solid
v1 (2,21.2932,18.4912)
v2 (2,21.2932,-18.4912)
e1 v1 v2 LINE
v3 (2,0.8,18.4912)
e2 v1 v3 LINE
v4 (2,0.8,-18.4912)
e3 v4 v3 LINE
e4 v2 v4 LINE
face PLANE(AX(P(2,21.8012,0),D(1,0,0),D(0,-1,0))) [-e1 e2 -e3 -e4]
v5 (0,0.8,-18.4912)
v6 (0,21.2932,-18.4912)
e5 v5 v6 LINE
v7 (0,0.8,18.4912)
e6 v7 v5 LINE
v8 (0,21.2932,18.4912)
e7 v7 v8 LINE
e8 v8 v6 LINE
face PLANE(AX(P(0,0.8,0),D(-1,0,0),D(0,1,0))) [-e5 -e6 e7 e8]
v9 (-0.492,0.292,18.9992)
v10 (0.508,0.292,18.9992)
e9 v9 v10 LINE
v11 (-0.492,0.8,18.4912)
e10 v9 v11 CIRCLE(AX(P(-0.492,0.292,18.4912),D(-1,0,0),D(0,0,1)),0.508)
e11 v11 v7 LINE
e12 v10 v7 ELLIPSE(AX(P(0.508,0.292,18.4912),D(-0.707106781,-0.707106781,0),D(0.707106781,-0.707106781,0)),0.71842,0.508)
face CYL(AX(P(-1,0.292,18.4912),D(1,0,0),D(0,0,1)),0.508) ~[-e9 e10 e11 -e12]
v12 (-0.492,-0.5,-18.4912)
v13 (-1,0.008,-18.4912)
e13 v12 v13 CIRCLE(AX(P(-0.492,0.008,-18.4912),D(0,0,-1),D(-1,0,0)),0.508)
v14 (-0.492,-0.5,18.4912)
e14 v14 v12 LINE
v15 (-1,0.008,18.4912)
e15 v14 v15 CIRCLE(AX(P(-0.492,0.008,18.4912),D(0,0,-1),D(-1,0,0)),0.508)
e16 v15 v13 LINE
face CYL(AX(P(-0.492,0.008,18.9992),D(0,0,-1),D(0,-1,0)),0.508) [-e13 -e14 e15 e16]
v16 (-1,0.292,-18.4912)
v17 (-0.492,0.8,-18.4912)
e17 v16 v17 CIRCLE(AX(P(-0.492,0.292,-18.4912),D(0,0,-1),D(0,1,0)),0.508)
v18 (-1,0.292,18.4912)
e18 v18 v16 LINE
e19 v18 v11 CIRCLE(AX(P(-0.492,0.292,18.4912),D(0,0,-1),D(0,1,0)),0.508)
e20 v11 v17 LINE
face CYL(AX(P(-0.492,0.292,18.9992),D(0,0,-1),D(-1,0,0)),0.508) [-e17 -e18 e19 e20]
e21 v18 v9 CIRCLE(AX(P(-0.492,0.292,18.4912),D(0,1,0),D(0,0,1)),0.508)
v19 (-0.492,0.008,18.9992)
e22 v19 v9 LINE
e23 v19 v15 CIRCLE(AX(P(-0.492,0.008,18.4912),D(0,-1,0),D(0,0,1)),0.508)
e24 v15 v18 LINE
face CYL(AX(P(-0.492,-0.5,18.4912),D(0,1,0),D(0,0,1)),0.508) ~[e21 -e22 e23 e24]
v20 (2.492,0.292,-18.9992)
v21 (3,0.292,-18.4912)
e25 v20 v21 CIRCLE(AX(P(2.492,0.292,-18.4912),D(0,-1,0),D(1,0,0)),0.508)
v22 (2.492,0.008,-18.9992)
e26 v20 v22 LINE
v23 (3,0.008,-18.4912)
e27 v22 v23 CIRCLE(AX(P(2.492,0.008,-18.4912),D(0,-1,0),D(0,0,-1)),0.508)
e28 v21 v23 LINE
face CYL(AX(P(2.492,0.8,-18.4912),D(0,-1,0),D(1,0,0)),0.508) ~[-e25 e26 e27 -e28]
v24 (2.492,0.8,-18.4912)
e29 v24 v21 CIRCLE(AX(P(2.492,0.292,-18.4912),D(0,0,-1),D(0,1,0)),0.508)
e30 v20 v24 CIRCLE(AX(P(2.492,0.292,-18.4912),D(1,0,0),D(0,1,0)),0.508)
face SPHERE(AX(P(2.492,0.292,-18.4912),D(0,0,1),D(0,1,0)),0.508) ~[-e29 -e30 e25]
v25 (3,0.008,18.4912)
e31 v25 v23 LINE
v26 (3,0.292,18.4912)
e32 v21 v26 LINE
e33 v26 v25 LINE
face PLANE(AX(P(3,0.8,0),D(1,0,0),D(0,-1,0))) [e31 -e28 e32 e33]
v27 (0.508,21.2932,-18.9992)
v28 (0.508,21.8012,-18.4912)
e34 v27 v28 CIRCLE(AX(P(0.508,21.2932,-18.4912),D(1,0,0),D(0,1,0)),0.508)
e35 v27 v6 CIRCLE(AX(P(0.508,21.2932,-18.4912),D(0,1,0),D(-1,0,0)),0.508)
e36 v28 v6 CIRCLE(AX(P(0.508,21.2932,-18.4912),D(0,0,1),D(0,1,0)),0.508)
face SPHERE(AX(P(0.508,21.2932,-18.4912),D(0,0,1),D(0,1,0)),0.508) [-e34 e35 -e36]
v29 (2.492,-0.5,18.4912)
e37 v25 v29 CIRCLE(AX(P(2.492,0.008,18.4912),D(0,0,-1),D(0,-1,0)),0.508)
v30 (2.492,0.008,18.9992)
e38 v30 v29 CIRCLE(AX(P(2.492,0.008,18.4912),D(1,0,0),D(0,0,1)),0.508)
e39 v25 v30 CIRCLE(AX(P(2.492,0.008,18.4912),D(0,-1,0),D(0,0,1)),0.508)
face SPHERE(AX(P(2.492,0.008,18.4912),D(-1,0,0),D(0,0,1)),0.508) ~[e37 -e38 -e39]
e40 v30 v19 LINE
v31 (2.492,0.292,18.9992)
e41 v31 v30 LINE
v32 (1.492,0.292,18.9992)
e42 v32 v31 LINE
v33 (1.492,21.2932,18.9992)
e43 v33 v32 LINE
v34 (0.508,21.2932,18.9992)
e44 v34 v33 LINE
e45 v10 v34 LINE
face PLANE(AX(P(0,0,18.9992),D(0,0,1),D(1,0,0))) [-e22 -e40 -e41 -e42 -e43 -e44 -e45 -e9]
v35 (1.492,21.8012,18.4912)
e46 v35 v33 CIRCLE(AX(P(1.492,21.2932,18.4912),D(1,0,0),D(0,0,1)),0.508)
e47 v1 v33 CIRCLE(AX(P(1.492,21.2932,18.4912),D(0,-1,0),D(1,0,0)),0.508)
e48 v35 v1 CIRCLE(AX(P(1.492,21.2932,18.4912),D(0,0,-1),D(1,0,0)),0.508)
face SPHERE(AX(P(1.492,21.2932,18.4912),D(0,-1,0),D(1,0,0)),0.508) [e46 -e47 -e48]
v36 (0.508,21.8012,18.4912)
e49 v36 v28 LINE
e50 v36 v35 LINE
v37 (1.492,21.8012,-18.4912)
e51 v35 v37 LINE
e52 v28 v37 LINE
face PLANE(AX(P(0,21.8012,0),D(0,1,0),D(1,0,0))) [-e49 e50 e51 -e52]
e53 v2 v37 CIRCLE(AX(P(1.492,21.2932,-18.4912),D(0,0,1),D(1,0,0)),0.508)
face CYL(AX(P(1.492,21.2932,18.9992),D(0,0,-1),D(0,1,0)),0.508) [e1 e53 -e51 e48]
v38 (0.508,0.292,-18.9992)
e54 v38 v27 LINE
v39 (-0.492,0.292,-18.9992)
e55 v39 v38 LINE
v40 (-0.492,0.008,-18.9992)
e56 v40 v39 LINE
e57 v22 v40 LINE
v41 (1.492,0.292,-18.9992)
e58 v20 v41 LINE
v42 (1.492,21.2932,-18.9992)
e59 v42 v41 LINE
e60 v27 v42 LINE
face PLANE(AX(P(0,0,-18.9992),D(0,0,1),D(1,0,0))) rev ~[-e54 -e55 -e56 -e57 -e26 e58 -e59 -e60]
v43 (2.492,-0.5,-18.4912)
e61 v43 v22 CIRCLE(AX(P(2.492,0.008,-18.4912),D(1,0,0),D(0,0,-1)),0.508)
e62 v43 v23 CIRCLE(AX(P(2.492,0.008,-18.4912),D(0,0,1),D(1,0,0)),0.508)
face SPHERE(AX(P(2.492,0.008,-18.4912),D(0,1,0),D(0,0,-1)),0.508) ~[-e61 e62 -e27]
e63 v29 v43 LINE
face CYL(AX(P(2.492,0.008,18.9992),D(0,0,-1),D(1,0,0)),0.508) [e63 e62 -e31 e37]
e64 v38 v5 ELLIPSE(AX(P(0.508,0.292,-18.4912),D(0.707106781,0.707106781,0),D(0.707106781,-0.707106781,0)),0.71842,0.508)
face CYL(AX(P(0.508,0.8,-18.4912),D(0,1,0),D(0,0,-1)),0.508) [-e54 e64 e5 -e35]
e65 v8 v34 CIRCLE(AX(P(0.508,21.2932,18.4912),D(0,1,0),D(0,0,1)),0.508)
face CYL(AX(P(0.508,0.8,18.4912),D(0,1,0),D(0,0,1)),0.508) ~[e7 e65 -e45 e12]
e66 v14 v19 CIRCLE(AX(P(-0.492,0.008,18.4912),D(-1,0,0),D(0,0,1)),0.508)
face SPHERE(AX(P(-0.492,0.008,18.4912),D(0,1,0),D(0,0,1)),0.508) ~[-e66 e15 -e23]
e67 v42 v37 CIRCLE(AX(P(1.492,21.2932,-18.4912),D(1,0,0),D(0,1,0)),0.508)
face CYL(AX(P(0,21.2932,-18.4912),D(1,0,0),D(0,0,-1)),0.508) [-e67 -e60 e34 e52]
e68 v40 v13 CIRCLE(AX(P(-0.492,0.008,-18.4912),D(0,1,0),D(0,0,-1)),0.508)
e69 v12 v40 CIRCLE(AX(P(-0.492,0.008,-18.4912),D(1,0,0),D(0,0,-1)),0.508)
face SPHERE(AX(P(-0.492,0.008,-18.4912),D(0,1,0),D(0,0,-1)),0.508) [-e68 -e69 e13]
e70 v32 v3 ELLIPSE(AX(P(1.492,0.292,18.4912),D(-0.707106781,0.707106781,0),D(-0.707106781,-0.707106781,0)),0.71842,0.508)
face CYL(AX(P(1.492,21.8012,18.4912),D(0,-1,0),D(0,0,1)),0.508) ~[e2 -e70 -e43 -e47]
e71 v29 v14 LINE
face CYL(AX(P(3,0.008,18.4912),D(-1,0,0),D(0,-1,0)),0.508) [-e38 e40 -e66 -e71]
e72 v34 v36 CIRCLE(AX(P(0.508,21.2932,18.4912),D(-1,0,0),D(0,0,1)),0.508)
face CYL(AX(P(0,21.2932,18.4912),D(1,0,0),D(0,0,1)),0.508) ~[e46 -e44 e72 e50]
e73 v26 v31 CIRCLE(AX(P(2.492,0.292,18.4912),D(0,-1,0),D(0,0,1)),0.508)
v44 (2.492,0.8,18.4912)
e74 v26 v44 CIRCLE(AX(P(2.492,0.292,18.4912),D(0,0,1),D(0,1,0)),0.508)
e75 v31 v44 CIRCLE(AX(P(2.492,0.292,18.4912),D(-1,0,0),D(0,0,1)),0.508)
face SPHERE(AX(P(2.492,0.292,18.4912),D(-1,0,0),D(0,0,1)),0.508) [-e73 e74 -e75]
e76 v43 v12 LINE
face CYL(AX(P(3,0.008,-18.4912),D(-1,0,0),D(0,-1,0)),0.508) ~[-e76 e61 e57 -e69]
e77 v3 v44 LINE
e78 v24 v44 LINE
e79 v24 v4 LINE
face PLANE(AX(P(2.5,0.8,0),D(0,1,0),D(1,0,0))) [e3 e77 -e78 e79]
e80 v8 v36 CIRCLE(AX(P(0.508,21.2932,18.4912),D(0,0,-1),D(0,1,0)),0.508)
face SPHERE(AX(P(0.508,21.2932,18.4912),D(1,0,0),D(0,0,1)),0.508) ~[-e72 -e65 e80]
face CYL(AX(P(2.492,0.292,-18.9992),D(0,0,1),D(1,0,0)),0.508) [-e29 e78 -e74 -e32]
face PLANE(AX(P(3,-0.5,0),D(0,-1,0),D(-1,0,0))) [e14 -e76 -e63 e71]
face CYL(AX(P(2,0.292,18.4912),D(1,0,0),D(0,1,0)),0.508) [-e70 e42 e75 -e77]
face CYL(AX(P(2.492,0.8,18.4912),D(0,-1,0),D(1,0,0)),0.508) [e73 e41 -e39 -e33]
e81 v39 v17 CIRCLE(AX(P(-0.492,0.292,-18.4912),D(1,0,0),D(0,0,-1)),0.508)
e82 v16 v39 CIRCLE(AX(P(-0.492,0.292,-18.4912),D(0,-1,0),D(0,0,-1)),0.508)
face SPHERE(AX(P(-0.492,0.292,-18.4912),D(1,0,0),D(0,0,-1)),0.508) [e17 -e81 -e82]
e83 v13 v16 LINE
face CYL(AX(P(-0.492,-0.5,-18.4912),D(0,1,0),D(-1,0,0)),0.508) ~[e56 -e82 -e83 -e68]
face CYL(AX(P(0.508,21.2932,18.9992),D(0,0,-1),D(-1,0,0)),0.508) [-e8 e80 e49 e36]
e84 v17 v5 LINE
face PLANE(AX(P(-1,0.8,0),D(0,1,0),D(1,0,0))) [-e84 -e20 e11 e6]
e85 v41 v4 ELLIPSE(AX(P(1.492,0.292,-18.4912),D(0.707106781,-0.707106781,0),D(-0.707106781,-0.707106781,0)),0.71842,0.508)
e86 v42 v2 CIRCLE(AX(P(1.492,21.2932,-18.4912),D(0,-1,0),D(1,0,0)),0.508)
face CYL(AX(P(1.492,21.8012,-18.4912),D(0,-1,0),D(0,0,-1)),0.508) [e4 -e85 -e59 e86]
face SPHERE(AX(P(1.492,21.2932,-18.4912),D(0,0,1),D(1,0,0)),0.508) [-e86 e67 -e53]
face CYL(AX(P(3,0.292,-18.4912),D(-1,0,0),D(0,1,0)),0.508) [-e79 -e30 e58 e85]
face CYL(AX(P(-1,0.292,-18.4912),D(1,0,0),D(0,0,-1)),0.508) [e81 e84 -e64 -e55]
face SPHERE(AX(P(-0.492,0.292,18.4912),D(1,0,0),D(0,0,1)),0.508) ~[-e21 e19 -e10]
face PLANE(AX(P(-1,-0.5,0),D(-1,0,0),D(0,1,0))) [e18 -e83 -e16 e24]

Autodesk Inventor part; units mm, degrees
ref_plane "YZ Plane" through (0, 0, 0) normal (1, 0, 0) x (0, 1, 0)
ref_plane "XZ Plane" through (0, 0, 0) normal (0, 1, 0) x (-1, 0, 0)
ref_plane "XY Plane" through (0, 0, 0) normal (0, 0, 1) x (1, 0, 0)
sketch "Sketch1" plane through (0, 0, 0) normal (0, 0, 1) x (1, 0, 0)
  line L0 (3, 0.8) -> (3, -0.5)
  line L1 (3, -0.5) -> (-1, -0.5)
  line L2 (-1, -0.5) -> (-1, 0.8)
  line L3 (0, 0.8) -> (0, 21.8012)
  line L4 (0, 21.8012) -> (2, 21.8012)
  line L5 (2, 21.8012) -> (2, 0.8)
  line L6 (-1, 0.8) -> (0, 0.8)
  line L7 (2, 0.8) -> (3, 0.8)
  line L8 (-1, 0.8) -> (0, 0.8)
  line L9 (2, 0.8) -> (2.5, 0.8)
  point P0 (0, 0)
  point P1 (1, -0.5)
  point P2 (1, -0.5)
  dimension "d0" = 22.3012
  dimension "d1" = 4
  dimension "d2" = 1.3
  dimension "d3" = 1
  dimension "d4" = 1
extrude "Extrusion1" add sketch "Sketch1" along normal mid plane 37.9984
fillet "Fillet1" radius 0.508 22 edges at (2, 11.3006, 18.9992) (2, 21.8012, 0) (2, 11.3006, -18.9992) (2.5, 0.8, 18.9992) (-0.5, 0.8, 18.9992) (-1, 0.15, 18.9992) (1, -0.5, 18.9992) (3, 0.15, 18.9992) (3, 0.8, 0) (1, 21.8012, 18.9992) (0, 11.3006, 18.9992) (0, 21.8012, 0) (2.5, 0.8, -18.9992) (3, 0.15, -18.9992) (-0.5, 0.8, -18.9992) (-1, 0.15, -18.9992) (1, -0.5, -18.9992) (-1, 0.8, 0) (-1, -0.5, 0) (1, 21.8012, -18.9992) (3, -0.5, 0) (0, 11.3006, -18.9992)
equation "\"d4\" = d3"
properties part number "Medium Conveyor Belt Inserts" material "Acetal Resin, White"
